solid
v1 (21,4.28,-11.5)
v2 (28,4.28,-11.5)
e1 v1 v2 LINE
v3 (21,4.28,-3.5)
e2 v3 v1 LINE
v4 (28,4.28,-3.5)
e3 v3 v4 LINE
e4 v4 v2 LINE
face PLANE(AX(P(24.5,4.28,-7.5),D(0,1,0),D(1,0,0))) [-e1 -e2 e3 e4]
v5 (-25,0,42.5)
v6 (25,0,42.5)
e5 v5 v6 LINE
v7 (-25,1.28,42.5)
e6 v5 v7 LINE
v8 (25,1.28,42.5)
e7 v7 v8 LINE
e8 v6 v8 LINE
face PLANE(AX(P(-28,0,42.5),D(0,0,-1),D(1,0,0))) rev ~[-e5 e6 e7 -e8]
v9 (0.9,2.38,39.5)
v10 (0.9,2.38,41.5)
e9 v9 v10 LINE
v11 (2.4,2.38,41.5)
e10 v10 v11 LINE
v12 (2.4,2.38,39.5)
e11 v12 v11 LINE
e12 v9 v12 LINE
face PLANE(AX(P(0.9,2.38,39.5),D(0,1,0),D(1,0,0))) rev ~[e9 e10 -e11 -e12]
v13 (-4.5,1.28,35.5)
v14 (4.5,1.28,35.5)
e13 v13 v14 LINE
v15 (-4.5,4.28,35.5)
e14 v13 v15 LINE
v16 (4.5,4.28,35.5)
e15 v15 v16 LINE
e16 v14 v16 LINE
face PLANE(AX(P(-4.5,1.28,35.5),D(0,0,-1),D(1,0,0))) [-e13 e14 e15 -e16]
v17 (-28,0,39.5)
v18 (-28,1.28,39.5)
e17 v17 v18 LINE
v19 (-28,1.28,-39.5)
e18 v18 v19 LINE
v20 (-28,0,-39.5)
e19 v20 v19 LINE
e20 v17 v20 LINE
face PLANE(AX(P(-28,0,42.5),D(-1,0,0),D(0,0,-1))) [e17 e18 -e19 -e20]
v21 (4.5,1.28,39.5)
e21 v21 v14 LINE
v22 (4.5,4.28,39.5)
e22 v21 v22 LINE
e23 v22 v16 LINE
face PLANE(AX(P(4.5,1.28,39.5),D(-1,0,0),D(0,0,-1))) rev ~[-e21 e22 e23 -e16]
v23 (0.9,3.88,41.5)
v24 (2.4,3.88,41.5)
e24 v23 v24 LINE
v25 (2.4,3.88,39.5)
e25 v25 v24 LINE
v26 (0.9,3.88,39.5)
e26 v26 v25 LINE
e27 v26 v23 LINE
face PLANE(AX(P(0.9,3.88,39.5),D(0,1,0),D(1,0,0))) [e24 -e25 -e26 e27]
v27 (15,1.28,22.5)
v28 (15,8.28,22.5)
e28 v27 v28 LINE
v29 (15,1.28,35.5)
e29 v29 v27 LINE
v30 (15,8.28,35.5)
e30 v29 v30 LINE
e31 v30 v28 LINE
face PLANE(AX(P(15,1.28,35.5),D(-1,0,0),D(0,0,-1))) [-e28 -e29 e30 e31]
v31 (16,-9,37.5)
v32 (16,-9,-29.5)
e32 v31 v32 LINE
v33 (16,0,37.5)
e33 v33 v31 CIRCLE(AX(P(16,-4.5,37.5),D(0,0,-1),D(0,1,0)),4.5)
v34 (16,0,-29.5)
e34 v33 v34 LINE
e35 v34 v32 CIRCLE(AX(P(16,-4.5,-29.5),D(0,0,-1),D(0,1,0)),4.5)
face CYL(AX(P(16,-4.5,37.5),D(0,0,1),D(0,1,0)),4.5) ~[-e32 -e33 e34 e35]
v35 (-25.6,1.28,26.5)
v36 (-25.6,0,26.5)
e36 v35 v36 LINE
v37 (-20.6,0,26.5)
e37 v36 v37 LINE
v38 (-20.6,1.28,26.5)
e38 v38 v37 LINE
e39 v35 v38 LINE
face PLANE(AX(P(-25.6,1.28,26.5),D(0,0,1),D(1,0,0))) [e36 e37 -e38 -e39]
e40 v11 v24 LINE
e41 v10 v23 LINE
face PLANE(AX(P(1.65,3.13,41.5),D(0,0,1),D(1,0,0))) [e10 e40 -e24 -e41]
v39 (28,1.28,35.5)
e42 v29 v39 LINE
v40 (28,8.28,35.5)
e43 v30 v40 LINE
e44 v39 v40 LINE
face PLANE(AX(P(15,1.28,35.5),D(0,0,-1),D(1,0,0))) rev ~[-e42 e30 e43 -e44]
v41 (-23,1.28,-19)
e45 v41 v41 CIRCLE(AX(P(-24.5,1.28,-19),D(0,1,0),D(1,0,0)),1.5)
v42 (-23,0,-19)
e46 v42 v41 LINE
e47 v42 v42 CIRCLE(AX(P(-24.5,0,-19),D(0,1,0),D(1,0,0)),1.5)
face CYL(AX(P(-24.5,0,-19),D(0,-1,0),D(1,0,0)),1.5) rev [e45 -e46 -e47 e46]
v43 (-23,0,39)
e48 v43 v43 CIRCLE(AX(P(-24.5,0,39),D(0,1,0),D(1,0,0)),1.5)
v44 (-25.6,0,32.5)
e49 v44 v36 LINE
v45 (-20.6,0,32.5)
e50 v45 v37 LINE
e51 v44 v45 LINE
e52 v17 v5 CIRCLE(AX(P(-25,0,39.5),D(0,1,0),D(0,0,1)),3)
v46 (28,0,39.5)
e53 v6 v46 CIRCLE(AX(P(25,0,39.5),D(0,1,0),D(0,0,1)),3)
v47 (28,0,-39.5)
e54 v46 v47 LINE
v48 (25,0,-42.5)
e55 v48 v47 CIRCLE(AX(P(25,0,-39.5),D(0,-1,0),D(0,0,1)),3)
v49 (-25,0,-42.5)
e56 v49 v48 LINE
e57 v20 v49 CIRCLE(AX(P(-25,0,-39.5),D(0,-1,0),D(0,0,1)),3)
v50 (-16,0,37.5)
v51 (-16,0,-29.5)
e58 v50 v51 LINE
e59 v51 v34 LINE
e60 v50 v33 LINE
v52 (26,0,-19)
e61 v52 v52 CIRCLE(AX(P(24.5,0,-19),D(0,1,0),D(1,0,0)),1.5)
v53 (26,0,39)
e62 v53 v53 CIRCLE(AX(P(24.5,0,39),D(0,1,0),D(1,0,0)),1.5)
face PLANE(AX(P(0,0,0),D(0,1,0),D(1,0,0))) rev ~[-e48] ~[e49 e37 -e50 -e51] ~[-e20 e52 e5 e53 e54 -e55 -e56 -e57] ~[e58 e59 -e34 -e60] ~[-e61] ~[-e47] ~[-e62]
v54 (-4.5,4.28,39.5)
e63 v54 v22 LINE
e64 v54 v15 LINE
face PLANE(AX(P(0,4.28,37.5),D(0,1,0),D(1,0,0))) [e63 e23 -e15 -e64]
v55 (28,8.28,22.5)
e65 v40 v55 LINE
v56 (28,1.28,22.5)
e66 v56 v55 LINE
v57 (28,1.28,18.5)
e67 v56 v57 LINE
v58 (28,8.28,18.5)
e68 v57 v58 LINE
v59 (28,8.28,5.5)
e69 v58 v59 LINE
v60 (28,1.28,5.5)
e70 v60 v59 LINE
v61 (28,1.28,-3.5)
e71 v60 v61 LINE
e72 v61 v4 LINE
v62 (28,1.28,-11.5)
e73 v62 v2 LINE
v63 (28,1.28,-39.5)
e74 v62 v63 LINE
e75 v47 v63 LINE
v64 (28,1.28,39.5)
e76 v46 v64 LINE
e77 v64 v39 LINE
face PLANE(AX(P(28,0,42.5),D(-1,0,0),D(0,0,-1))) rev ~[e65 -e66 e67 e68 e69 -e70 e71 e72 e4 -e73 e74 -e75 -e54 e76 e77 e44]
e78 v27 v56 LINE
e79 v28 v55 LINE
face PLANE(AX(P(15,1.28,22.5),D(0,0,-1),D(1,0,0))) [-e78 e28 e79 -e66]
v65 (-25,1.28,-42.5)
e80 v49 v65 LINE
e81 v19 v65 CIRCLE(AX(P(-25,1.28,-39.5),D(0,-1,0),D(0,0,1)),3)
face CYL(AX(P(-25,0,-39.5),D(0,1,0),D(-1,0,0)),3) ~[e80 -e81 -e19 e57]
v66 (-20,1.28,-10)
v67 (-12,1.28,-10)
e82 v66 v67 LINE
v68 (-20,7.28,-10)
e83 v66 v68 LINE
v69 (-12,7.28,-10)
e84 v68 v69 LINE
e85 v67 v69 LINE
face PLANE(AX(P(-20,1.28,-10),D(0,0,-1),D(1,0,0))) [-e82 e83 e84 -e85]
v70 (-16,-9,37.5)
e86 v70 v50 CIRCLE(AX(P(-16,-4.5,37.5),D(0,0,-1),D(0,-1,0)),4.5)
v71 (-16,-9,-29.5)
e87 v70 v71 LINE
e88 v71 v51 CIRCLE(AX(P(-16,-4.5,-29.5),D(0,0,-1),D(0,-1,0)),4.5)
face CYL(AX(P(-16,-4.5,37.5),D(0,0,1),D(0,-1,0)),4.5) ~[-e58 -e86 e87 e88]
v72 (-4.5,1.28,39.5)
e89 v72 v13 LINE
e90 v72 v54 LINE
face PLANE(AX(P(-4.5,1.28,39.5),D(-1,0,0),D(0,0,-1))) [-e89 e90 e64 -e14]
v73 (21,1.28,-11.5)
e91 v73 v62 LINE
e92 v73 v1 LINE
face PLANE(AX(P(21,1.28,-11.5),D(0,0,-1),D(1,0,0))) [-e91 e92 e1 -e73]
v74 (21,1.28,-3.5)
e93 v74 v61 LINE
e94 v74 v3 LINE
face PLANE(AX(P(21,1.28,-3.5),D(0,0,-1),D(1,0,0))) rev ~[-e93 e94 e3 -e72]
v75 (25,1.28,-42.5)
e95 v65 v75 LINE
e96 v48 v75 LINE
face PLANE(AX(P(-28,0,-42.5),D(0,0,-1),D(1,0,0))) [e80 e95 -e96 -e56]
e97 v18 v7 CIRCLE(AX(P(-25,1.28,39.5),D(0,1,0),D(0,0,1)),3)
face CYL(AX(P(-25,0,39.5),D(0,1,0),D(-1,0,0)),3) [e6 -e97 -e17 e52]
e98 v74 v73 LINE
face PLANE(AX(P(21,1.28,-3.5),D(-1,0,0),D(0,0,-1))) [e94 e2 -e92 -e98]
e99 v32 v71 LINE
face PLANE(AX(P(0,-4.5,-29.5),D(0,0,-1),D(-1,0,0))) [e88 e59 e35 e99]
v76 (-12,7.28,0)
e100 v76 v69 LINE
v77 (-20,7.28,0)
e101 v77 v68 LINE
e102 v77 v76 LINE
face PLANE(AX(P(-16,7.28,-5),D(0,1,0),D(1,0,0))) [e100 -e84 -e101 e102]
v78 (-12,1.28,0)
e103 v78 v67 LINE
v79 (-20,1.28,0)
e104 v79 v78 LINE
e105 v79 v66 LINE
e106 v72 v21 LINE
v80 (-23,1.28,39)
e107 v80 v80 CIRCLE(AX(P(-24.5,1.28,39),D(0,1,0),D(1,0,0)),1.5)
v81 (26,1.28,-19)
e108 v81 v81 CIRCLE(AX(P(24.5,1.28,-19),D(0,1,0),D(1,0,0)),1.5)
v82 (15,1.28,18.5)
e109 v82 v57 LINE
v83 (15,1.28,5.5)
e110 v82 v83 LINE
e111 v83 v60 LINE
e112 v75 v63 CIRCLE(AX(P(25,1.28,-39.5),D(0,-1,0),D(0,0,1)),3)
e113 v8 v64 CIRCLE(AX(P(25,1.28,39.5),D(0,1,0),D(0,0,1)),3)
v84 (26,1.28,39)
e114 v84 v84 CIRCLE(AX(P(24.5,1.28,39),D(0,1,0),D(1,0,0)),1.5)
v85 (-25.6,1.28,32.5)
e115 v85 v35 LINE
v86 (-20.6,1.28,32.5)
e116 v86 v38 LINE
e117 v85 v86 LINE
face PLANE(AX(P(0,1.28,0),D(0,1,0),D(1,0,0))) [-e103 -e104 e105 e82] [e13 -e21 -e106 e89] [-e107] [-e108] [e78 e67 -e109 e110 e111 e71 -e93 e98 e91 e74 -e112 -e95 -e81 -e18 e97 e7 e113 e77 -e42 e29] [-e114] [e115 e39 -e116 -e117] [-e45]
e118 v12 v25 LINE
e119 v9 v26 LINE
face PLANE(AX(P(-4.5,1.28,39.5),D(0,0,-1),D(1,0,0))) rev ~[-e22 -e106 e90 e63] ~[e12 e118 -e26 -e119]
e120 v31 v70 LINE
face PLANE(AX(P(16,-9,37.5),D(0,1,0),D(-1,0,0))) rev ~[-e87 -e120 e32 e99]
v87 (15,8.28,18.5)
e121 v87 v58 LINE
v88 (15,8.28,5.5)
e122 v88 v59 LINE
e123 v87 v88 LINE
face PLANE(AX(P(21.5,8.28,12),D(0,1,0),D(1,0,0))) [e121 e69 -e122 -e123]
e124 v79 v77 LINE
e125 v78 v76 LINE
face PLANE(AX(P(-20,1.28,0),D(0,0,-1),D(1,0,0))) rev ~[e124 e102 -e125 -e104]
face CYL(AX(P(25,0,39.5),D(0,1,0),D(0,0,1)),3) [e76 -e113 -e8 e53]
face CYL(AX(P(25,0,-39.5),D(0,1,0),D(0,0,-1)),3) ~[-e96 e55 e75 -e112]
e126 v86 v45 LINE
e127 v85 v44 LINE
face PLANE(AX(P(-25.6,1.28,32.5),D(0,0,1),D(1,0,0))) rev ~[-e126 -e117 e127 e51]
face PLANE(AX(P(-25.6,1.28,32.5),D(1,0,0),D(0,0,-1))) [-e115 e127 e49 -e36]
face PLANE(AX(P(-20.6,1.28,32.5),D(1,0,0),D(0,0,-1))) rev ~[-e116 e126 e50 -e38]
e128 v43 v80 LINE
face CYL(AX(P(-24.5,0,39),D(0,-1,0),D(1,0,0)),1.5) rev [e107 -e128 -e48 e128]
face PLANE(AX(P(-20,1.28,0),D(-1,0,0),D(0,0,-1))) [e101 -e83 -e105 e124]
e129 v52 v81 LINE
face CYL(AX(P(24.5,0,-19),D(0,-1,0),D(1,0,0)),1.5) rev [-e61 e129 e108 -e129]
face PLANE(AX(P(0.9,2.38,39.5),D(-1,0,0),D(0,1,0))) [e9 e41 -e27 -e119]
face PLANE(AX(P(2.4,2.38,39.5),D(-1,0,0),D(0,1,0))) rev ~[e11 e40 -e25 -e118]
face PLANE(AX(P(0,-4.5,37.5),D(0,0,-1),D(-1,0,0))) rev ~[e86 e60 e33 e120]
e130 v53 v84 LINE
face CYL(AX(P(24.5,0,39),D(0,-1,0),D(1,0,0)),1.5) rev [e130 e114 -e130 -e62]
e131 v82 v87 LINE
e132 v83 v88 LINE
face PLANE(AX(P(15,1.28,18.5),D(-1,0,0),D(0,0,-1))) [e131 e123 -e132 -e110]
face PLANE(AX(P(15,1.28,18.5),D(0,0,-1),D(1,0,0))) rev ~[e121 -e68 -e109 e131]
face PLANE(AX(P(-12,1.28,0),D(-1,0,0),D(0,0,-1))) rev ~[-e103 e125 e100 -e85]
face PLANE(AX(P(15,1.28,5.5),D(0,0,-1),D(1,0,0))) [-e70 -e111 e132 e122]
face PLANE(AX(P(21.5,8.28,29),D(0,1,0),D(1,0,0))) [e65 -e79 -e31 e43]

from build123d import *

# Parameters (mm, degrees)
SKETCH_1_W          = 56
SKETCH_1_H          = 85
SKETCH_1_R          = 1.5
EXTRUDE_1_DEPTH     = 1.28
FILLET_1_R          = 3
SKETCH_6_W          = 5
SKETCH_6_H          = 6
CUT_EXTRUDE_1_DEPTH = 2.28
SKETCH_4_W          = 8
SKETCH_4_H          = 10
EXTRUDE_2_DEPTH     = 6
SKETCH_5_W          = 9
SKETCH_5_H          = 4
EXTRUDE_3_DEPTH     = 3
SKETCH_2_W          = 13
SKETCH_2_H          = 13
EXTRUDE_4_DEPTH     = 7
SKETCH_3_W          = 7
SKETCH_3_H          = 8
EXTRUDE_5_DEPTH     = 3
SKETCH_7_W          = 1.5
SKETCH_7_H          = 1.5
EXTRUDE_6_DEPTH     = 2
EXTRUDE_START       = 37.5
EXTRUDE_8_DEPTH     = 67


with BuildPart() as part:
    # 草圖1 → 填料-伸長1 (new body)
    with BuildSketch(Plane(origin=(0, 0, 0), x_dir=(1, 0, 0), z_dir=(0, 1, 0))):
        Rectangle(SKETCH_1_W, SKETCH_1_H)
        with Locations((-24.5, 19)):
            Circle(SKETCH_1_R, mode=Mode.SUBTRACT)
        with Locations((-24.5, -39)):
            Circle(SKETCH_1_R, mode=Mode.SUBTRACT)
        with Locations((24.5, -39)):
            Circle(SKETCH_1_R, mode=Mode.SUBTRACT)
        with Locations((24.5, 19)):
            Circle(SKETCH_1_R, mode=Mode.SUBTRACT)
    extrude(amount=EXTRUDE_1_DEPTH)

    # 圓角1
    fillet_1_edges = [part.edges().sort_by_distance(p)[0] for p in [
        (28, 0.64, 42.5),
        (-28, 0.64, 42.5),
        (-28, 0.64, -42.5),
        (28, 0.64, -42.5),
    ]]
    fillet(fillet_1_edges, radius=FILLET_1_R)

    # 草圖6 → 除料-伸長1 (cut, through all)
    with BuildSketch(Plane(origin=(0, 1.28, 0), x_dir=(1, 0, 0), z_dir=(0, 1, 0))):
        with Locations((-23.1, -29.5)):
            Rectangle(SKETCH_6_W, SKETCH_6_H)
    extrude(amount=-CUT_EXTRUDE_1_DEPTH, mode=Mode.SUBTRACT)

    # 草圖4 → 填料-伸長2 (add)
    with BuildSketch(Plane(origin=(0, 1.28, 0), x_dir=(1, 0, 0), z_dir=(0, 1, 0))):
        with Locations((-16, 5)):
            Rectangle(SKETCH_4_W, SKETCH_4_H)
    extrude(amount=EXTRUDE_2_DEPTH)

    # 草圖5 → 填料-伸長3 (add)
    with BuildSketch(Plane(origin=(0, 1.28, 0), x_dir=(1, 0, 0), z_dir=(0, 1, 0))):
        with Locations((0, -37.5)):
            Rectangle(SKETCH_5_W, SKETCH_5_H)
    extrude(amount=EXTRUDE_3_DEPTH)

    # 草圖2 → 填料-伸長4 (add)
    with BuildSketch(Plane(origin=(0, 1.28, 0), x_dir=(1, 0, 0), z_dir=(0, 1, 0))):
        with Locations((21.5, -12)):
            Rectangle(SKETCH_2_W, SKETCH_2_H)
        with Locations((21.5, -29)):
            Rectangle(SKETCH_2_W, SKETCH_2_H)
    extrude(amount=EXTRUDE_4_DEPTH)

    # 草圖3 → 填料-伸長5 (add)
    with BuildSketch(Plane(origin=(0, 1.28, 0), x_dir=(1, 0, 0), z_dir=(0, 1, 0))):
        with Locations((24.5, 7.5)):
            Rectangle(SKETCH_3_W, SKETCH_3_H)
    extrude(amount=EXTRUDE_5_DEPTH)

    # 草圖7 → 填料-伸長6 (add)
    with BuildSketch(Plane.XY.offset(39.5)):
        with Locations((1.65, 3.13)):
            Rectangle(SKETCH_7_W, SKETCH_7_H)
    extrude(amount=EXTRUDE_6_DEPTH)

    # 草圖9 → 填料-伸長8 (add)
    with BuildSketch(Plane.XY.offset(EXTRUDE_START)):
        with BuildLine():
            Line((-16, 0), (16, 0))
            ThreePointArc((16, 0), (20.5, -4.5), (16, -9))
            Line((16, -9), (-16, -9))
            ThreePointArc((-16, -9), (-20.5, -4.5), (-16, 0))
        make_face()
    extrude(amount=-EXTRUDE_8_DEPTH)


solid = part.part
